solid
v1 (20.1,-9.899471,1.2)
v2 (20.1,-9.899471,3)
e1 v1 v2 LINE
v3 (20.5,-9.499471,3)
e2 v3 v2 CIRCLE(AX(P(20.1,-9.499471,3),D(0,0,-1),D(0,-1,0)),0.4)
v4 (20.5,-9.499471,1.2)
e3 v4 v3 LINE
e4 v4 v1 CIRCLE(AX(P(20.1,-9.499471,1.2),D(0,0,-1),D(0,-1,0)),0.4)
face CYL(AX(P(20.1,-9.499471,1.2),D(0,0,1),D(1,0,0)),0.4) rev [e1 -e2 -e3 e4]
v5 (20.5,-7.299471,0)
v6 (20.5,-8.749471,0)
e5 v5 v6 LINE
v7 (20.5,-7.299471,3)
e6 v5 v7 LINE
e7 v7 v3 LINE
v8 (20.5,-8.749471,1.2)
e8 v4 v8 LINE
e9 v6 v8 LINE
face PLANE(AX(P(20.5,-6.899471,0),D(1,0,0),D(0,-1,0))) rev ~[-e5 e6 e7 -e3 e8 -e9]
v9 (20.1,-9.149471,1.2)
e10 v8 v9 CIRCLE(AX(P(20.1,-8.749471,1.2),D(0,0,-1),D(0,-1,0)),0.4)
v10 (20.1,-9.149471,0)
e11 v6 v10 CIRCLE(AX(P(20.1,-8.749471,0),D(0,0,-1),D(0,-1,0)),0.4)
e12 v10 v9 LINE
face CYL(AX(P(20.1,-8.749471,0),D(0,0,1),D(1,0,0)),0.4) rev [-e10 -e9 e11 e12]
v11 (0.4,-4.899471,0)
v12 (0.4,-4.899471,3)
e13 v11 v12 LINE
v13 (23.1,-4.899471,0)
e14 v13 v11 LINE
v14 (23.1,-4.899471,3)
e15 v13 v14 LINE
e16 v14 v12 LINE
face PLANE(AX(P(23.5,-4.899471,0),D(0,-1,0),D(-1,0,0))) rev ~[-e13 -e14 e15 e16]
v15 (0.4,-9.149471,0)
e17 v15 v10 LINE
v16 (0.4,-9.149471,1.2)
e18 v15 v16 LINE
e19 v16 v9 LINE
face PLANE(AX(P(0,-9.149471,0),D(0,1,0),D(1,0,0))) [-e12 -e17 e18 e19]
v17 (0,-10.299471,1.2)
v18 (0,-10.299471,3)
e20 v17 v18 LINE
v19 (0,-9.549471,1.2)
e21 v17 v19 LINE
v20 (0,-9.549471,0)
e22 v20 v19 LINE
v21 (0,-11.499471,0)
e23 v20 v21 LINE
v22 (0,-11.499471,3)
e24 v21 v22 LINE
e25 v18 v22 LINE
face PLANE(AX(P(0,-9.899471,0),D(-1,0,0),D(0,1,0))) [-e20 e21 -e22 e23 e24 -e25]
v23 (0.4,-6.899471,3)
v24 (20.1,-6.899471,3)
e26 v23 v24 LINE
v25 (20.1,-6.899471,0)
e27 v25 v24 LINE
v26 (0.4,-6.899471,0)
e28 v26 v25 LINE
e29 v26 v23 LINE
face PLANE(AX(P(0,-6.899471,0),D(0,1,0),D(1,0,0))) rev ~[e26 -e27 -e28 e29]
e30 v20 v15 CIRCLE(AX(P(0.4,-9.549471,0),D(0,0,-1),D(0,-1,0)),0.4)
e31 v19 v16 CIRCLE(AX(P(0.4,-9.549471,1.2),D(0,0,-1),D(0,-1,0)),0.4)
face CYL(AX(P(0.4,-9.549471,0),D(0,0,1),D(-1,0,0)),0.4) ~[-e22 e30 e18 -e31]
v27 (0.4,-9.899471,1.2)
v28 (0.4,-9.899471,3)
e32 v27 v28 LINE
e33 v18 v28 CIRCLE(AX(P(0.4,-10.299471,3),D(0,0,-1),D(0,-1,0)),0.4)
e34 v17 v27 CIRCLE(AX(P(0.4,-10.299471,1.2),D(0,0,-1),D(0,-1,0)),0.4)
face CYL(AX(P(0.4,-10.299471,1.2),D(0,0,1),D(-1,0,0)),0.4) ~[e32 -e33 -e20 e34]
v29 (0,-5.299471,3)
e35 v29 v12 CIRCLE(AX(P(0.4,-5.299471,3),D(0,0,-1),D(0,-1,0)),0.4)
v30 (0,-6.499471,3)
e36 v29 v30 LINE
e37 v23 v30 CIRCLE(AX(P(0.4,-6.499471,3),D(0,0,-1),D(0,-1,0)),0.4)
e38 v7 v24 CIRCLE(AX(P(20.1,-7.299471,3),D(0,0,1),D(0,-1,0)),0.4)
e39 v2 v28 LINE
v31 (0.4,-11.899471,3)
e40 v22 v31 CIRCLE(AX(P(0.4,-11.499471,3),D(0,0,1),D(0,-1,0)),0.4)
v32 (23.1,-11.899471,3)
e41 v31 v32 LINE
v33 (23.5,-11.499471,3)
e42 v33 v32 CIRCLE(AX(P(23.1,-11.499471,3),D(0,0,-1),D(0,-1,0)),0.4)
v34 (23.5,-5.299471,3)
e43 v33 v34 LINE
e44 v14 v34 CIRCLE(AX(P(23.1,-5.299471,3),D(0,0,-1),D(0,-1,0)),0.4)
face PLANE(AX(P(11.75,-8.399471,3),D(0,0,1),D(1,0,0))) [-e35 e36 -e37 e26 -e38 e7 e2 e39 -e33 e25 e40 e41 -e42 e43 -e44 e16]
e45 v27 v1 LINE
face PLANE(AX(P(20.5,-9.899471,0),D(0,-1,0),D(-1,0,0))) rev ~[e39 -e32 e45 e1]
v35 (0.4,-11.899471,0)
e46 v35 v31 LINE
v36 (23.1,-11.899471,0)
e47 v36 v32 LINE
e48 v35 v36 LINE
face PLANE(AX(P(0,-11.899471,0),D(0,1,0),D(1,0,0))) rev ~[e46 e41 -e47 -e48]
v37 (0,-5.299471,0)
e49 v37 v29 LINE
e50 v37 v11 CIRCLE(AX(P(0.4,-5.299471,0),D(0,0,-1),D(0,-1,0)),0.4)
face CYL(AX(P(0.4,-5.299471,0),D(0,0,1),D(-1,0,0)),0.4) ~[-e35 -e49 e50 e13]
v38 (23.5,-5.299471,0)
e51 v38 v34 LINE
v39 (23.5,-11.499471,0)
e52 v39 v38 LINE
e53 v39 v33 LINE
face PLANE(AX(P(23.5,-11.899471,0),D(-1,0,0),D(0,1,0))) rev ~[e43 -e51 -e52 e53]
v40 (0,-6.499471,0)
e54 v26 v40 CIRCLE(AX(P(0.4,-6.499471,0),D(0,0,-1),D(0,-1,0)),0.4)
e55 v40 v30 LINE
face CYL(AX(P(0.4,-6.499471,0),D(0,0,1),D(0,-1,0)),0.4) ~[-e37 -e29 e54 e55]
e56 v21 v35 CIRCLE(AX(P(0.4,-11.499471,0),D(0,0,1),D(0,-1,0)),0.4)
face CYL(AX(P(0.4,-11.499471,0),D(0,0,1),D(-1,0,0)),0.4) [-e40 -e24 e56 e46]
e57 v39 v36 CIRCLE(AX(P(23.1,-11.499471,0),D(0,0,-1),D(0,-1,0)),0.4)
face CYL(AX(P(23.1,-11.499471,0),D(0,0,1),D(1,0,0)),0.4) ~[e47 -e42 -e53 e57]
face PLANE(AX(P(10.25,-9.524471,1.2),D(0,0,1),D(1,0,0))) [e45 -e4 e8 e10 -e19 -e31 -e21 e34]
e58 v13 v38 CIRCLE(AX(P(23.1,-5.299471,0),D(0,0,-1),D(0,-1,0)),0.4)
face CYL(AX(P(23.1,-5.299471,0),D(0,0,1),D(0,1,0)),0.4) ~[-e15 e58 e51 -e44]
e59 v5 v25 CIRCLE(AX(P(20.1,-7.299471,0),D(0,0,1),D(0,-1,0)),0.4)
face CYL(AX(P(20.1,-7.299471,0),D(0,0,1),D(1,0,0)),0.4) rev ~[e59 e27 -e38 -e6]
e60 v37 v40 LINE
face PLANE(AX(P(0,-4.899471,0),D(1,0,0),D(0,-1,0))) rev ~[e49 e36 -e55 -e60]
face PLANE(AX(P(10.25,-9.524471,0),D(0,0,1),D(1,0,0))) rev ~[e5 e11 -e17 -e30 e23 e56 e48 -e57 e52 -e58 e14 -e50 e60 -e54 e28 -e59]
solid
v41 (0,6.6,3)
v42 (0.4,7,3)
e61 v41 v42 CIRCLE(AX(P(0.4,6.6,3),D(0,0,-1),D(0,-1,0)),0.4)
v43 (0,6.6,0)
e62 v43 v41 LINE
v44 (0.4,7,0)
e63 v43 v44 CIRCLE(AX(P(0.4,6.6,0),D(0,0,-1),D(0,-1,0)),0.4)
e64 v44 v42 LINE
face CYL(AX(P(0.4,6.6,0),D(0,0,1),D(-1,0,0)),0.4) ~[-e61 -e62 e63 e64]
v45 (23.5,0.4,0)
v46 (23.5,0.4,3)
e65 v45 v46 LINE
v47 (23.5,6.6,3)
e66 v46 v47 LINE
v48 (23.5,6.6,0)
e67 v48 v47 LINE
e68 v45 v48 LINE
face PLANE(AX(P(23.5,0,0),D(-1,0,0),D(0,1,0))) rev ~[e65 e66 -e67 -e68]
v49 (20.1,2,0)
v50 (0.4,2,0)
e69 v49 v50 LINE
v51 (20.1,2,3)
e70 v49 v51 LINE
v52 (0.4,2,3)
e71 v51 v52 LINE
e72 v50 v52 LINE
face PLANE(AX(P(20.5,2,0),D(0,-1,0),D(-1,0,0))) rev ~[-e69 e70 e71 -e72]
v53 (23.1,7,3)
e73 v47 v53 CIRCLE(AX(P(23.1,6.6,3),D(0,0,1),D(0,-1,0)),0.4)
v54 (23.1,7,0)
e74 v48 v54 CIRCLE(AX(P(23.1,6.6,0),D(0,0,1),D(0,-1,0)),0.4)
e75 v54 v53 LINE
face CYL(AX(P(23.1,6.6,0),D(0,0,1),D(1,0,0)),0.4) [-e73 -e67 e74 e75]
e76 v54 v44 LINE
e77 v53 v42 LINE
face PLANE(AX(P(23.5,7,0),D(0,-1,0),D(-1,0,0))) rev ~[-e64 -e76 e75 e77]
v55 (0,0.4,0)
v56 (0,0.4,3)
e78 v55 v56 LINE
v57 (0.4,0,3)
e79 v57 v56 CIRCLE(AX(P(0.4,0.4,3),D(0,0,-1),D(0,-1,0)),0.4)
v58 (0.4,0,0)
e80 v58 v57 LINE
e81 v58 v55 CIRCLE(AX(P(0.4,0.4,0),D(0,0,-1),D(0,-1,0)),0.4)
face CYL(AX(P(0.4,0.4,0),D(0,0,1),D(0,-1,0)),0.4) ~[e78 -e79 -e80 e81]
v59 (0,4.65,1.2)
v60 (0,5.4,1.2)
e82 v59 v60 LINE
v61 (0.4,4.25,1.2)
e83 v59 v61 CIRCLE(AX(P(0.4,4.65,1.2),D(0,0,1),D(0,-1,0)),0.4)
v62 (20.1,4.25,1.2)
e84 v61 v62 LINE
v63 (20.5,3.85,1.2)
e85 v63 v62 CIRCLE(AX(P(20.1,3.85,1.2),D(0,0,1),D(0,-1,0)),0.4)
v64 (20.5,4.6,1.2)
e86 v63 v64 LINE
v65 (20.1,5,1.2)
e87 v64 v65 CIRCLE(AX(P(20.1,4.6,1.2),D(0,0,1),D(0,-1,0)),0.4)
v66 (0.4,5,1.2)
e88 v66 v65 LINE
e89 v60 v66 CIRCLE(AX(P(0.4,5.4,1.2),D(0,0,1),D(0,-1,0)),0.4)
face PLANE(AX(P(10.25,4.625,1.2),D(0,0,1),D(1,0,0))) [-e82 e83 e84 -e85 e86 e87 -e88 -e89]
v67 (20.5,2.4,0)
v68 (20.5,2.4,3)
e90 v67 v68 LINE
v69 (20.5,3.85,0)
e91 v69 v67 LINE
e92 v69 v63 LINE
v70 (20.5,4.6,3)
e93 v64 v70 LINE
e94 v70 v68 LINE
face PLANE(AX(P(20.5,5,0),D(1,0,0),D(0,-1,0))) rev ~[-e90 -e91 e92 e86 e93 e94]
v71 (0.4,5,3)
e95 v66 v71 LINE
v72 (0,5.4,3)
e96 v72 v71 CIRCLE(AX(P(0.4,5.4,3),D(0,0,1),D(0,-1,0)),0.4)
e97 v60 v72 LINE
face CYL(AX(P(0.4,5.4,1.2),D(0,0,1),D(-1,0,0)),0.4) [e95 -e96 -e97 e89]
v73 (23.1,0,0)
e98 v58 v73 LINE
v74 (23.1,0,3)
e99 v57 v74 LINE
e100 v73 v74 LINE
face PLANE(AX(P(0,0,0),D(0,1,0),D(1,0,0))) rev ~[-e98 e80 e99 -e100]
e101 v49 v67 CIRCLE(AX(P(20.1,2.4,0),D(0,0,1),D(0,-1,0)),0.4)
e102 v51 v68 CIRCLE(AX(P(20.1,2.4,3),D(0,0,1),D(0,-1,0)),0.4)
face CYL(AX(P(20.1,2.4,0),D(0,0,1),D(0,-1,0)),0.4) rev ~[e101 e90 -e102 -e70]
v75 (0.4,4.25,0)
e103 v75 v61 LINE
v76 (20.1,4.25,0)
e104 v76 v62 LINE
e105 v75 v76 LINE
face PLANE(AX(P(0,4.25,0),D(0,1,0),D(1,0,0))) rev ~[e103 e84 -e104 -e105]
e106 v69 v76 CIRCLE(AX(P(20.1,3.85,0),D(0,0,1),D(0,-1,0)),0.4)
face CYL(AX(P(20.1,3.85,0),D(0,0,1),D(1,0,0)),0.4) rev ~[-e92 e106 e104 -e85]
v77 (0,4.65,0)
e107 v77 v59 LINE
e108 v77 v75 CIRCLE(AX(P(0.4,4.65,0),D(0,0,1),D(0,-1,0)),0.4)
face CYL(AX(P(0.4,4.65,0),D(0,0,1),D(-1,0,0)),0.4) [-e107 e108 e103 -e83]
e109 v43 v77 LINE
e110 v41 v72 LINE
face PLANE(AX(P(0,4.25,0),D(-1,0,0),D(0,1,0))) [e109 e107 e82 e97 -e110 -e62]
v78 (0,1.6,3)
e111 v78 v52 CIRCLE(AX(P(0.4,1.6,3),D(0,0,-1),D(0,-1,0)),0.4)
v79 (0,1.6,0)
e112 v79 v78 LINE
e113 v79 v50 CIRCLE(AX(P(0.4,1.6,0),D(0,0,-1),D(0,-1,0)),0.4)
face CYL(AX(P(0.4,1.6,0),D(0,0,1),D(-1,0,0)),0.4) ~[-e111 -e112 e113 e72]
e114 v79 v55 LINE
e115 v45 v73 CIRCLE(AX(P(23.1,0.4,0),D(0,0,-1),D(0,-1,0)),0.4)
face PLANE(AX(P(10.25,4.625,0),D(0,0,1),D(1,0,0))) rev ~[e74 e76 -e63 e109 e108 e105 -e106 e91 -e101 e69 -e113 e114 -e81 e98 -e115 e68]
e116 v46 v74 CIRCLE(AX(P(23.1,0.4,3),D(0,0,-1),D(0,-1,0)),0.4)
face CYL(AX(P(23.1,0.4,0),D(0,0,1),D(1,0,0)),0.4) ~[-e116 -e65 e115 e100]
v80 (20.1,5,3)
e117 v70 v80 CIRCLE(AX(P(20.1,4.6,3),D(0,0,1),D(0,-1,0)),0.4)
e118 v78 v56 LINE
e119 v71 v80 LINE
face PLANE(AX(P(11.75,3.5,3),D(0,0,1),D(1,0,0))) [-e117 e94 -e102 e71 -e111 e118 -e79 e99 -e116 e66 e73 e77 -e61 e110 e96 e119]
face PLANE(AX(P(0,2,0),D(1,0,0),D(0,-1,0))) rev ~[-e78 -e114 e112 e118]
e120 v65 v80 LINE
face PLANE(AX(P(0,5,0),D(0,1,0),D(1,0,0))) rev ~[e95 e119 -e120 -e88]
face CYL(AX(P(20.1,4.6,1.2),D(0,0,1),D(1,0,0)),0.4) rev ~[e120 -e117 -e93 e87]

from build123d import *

# Parameters (mm, degrees)
BOSS_EXTRUDE1_DEPTH   = 3
BOSS_EXTRUDE1_2_DEPTH = 3
SKETCH2_4_W           = 20.5
SKETCH2_4_H           = 0.75
BOSS_EXTRUDE3_DEPTH   = 1.2
FILLET2_R             = 0.4
FILLET3_R             = 0.4


with BuildPart() as part:
    # Sketch2 → Boss-Extrude1 (new body)
    with BuildSketch(Plane.XY):
        Polygon((0, 2), (0, 0), (23.5, 0), (23.5, 7), (0, 7), (0, 5), (20.5, 5), (20.5, 2), align=None)
    extrude(amount=BOSS_EXTRUDE1_DEPTH)



with BuildPart() as body_2:
    # Sketch2 → Boss-Extrude1 2 (new body)
    with BuildSketch(Plane.XY):
        Polygon((20.5, -6.899471306), (20.5, -9.899471306), (0, -9.899471306), (0, -11.899471306), (23.5, -11.899471306), (23.5, -4.899471306), (0, -4.899471306), (0, -6.899471306), align=None)
    extrude(amount=BOSS_EXTRUDE1_2_DEPTH)


with BuildPart() as part_1:
    add(part.part)

    add(body_2.part)  # Boss-Extrude3 merges body 2
    # Sketch2<4> → Boss-Extrude3 (add)
    with BuildSketch(Plane.XY):
        with Locations((10.25, 4.625)):
            Rectangle(SKETCH2_4_W, SKETCH2_4_H)
        with Locations((10.25, -9.524471306)):
            Rectangle(SKETCH2_4_W, SKETCH2_4_H)
    extrude(amount=BOSS_EXTRUDE3_DEPTH)

    # Fillet2
    fillet2_edges = [part_1.edges().sort_by_distance(p)[0] for p in [
        (0, 5, 2.1),
        (20.5, 2, 1.5),
        (20.5, 4.25, 0.6),
        (20.5, 5, 2.1),
        (23.5, 7, 1.5),
        (23.5, 0, 1.5),
        (0, 0, 1.5),
        (0, 2, 1.5),
        (0, 4.25, 0.6),
        (0, 7, 1.5),
    ]]
    fillet(fillet2_edges, radius=FILLET2_R)

    # Fillet3
    fillet3_edges = [part_1.edges().sort_by_distance(p)[0] for p in [
        (23.5, -11.899471306, 1.5),
        (23.5, -4.899471306, 1.5),
        (20.5, -6.899471306, 1.5),
        (20.5, -9.899471306, 2.1),
        (20.5, -9.149471306, 0.6),
        (0, -11.899471306, 1.5),
        (0, -9.899471306, 2.1),
        (0, -9.149471306, 0.6),
        (0, -4.899471306, 1.5),
        (0, -6.899471306, 1.5),
    ]]
    fillet(fillet3_edges, radius=FILLET3_R)


solid = part_1.part
